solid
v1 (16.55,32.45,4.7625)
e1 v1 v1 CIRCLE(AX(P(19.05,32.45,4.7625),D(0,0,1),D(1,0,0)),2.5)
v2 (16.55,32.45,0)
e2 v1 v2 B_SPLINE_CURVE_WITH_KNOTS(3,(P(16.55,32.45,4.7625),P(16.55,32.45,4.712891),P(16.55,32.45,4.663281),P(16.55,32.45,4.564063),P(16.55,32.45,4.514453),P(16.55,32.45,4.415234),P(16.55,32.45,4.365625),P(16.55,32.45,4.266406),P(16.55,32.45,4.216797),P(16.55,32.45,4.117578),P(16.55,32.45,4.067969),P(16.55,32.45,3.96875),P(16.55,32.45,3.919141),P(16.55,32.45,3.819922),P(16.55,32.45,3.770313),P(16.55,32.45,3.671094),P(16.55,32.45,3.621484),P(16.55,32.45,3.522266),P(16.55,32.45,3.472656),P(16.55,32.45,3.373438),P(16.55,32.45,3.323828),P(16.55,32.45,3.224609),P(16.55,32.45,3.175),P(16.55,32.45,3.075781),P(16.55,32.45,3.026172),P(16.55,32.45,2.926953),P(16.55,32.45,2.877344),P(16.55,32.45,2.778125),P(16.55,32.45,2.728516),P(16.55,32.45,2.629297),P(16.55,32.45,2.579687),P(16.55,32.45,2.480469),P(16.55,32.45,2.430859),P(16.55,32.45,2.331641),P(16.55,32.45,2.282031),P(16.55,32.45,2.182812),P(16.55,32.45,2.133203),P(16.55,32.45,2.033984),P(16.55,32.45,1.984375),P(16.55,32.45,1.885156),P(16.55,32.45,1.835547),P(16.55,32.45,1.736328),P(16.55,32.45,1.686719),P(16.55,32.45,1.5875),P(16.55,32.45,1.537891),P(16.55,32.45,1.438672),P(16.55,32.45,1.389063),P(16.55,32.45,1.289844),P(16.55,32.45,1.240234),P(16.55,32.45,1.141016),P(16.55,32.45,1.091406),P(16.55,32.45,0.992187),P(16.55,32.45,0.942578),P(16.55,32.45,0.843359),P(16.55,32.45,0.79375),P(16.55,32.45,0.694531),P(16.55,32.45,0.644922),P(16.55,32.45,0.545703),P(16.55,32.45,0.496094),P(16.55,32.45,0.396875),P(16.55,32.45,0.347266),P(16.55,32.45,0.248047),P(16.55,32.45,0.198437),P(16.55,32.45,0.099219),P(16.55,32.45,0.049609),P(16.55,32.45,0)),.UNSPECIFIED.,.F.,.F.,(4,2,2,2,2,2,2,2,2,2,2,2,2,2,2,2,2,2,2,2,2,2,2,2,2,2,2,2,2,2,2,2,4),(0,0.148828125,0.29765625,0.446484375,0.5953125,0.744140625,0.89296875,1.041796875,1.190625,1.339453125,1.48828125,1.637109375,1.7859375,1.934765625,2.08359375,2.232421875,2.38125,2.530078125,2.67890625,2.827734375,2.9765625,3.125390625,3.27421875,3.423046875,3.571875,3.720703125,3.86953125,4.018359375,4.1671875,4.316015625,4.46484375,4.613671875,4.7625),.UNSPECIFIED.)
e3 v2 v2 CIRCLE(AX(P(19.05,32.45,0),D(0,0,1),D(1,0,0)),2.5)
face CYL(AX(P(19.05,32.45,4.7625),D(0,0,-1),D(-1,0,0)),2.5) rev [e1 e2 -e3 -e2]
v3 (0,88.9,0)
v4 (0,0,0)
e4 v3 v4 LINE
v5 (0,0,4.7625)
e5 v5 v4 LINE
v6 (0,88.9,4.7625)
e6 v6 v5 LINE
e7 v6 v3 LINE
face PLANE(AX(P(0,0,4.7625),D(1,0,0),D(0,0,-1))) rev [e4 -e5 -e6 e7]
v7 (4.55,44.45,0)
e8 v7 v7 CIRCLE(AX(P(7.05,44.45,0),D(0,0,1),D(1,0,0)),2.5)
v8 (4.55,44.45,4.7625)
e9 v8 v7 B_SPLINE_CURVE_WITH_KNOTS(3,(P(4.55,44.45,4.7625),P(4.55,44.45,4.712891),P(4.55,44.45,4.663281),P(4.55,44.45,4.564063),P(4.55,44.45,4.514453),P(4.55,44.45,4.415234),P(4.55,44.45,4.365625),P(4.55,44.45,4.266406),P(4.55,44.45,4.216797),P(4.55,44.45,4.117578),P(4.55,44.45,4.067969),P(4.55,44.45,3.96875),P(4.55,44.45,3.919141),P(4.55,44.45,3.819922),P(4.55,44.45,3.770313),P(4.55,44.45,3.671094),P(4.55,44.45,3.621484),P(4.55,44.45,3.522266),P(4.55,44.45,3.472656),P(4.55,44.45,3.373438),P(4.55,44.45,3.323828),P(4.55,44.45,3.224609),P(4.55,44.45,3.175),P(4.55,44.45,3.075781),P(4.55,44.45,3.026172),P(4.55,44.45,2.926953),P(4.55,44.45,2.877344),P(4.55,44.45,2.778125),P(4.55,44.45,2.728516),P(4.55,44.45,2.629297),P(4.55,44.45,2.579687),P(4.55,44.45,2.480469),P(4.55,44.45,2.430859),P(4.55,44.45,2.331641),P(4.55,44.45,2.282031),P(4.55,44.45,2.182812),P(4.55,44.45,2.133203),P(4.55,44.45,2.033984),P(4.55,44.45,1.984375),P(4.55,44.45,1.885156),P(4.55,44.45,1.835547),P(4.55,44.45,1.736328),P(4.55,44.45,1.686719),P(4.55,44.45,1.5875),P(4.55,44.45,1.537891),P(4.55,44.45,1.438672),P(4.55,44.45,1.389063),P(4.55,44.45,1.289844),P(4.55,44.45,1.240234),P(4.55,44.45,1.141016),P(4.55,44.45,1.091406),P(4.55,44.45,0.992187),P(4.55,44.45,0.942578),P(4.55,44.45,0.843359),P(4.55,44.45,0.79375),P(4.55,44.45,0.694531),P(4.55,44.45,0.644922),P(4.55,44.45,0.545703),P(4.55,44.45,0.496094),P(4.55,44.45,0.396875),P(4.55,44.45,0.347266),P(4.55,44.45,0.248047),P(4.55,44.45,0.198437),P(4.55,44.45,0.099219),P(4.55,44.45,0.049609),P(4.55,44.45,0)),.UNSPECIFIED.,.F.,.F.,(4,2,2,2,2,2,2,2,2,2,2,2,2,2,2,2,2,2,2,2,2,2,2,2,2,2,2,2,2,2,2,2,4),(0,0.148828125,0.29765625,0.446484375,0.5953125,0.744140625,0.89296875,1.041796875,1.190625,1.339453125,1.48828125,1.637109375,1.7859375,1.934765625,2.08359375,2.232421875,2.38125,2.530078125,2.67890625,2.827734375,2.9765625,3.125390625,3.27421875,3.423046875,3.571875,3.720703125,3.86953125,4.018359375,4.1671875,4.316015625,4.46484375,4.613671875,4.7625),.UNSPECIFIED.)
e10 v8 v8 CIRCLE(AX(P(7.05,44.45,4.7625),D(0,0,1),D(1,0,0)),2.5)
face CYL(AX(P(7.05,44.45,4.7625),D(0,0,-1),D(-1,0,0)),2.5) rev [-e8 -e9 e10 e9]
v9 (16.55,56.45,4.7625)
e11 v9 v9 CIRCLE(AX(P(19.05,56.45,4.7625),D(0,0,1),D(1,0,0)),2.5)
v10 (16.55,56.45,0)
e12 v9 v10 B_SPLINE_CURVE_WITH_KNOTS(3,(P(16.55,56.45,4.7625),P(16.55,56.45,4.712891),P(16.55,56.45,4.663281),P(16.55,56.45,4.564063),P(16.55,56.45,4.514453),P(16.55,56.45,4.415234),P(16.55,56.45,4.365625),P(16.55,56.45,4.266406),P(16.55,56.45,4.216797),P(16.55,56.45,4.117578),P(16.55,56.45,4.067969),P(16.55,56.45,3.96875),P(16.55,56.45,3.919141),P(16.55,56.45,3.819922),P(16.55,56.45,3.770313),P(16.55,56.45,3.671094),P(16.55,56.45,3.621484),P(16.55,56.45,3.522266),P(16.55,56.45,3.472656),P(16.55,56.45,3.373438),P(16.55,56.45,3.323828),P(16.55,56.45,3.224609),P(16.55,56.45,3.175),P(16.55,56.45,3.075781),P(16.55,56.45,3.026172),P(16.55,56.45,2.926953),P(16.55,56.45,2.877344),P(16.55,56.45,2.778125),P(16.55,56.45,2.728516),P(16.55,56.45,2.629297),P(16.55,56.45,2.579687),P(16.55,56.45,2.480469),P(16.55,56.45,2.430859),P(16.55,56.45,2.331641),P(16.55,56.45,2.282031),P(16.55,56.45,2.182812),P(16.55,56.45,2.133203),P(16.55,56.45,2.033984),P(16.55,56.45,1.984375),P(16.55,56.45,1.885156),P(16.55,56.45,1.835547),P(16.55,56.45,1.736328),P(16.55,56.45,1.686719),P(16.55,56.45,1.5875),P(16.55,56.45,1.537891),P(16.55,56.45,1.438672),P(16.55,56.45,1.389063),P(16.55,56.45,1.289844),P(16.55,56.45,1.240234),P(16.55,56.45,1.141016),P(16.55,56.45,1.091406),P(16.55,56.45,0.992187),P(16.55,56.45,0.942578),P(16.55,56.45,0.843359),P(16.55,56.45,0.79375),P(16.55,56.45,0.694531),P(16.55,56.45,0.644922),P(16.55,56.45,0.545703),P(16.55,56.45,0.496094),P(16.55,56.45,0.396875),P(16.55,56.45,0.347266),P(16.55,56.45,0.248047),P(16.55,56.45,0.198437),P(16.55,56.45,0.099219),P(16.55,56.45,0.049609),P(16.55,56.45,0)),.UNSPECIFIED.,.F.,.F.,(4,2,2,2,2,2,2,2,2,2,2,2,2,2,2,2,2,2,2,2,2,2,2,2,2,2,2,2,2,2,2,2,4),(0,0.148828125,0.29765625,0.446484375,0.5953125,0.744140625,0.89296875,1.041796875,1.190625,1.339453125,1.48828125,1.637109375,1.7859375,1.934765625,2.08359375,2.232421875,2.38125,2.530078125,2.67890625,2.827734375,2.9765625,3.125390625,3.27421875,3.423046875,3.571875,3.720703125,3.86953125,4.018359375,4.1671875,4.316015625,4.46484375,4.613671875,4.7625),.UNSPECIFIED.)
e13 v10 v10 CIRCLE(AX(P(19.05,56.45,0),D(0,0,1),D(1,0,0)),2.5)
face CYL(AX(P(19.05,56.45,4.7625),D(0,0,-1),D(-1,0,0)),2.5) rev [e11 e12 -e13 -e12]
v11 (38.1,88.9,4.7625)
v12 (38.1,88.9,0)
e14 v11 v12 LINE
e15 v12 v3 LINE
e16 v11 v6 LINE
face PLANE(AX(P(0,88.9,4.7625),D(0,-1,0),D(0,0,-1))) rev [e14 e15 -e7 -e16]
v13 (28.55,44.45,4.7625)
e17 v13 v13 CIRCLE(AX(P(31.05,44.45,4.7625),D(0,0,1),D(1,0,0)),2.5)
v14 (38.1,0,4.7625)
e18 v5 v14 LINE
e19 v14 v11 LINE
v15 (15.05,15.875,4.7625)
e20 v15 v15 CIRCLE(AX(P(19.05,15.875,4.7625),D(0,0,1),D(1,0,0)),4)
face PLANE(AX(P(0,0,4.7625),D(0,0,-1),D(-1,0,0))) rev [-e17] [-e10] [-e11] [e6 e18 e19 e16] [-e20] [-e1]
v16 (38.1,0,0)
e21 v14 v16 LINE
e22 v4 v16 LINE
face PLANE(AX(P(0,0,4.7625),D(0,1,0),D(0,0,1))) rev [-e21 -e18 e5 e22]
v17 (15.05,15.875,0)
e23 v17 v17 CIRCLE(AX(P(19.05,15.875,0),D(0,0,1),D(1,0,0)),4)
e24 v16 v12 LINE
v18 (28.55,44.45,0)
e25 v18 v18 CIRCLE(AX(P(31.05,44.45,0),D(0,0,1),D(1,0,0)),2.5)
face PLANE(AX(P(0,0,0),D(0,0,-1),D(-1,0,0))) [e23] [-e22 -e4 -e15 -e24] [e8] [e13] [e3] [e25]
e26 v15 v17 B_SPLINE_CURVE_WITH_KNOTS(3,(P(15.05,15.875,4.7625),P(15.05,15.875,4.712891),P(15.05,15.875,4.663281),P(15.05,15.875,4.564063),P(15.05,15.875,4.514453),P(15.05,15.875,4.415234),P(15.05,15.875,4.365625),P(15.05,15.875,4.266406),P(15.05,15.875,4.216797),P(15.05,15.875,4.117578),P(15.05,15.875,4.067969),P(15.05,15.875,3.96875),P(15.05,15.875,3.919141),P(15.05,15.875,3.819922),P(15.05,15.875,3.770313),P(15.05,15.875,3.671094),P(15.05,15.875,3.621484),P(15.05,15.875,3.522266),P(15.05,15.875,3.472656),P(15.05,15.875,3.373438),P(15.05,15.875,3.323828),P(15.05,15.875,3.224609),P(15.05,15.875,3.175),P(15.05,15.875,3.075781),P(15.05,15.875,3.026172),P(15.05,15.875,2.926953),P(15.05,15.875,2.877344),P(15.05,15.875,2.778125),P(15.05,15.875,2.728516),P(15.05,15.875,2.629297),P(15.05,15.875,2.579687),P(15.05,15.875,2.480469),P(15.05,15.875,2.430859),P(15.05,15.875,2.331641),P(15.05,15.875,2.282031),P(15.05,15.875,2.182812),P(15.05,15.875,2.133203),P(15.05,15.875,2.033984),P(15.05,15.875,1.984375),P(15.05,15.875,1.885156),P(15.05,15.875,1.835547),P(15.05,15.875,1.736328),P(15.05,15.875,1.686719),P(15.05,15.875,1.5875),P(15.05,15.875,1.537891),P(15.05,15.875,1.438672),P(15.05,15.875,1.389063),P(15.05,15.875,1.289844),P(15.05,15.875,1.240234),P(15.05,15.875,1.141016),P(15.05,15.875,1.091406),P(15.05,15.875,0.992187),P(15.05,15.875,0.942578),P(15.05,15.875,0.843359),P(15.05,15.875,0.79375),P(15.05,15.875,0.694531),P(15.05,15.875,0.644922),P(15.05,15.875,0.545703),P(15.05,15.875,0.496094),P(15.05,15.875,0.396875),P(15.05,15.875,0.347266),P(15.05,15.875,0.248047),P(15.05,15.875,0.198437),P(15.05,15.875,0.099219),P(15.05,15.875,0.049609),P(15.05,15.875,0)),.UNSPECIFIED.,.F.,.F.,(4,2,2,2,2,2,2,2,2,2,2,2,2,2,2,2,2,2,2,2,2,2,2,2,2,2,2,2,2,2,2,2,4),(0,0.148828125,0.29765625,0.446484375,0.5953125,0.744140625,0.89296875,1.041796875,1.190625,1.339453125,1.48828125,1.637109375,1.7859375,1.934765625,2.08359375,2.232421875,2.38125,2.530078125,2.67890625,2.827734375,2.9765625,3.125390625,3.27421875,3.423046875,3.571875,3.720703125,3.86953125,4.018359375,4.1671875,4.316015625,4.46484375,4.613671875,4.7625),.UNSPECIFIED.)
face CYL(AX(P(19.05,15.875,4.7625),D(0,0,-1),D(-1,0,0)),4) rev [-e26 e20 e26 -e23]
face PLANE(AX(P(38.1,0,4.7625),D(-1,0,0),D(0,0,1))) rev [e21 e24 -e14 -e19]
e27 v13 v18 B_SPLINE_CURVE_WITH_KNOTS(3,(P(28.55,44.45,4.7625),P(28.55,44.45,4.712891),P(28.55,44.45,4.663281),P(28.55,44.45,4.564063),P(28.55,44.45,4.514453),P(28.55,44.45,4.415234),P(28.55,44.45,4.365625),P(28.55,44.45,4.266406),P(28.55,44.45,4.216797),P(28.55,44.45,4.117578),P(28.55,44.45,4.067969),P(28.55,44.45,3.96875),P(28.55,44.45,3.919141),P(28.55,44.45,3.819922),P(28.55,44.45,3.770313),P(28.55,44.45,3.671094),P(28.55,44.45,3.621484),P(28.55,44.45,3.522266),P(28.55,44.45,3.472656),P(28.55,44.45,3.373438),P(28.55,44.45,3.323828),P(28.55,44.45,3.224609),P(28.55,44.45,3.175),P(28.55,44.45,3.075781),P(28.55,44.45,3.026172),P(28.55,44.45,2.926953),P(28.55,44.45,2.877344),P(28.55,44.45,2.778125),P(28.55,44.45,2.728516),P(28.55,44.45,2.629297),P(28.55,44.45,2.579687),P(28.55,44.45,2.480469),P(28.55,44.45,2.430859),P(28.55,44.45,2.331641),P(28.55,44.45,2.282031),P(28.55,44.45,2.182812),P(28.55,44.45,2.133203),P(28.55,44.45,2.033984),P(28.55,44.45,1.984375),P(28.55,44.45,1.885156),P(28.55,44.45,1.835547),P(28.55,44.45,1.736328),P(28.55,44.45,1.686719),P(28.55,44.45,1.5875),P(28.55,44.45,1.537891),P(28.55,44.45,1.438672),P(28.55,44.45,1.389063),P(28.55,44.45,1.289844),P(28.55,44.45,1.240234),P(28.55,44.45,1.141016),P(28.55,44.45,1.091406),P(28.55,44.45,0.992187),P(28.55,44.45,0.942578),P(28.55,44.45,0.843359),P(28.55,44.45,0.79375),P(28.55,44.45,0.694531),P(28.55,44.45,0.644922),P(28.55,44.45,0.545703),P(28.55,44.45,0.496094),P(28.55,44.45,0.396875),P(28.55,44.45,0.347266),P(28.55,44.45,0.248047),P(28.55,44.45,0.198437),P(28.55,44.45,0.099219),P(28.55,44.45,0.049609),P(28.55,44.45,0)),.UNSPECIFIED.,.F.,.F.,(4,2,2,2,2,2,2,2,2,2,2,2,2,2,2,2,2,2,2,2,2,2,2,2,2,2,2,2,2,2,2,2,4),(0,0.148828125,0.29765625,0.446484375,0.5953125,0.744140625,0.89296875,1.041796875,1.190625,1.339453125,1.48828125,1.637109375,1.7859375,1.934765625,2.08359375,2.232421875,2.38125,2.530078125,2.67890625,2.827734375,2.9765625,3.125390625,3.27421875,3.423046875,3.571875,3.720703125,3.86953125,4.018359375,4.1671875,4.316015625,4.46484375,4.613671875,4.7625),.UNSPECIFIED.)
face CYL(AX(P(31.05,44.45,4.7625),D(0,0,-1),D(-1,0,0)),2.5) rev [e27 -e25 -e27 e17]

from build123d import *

# Parameters (mm, degrees)
SKETCH1_W           = 38.1
SKETCH1_H           = 88.9
SKETCH1_R           = 2.5
SKETCH1_R_2         = 4
BOSS_EXTRUDE1_DEPTH = 4.7625


with BuildPart() as part:
    # Sketch1 → Boss-Extrude1 (new body)
    with BuildSketch(Plane.XY):
        with Locations((19.05, 44.45)):
            Rectangle(SKETCH1_W, SKETCH1_H)
        with Locations(Location((19.05, 56.45, 0), (0, 0, 180))):
            Circle(SKETCH1_R, mode=Mode.SUBTRACT)
        with Locations(Location((31.05, 44.45, 0), (0, 0, 180))):
            Circle(SKETCH1_R, mode=Mode.SUBTRACT)
        with Locations(Location((19.05, 32.45, 0), (0, 0, 180))):
            Circle(SKETCH1_R, mode=Mode.SUBTRACT)
        with Locations(Location((7.05, 44.45, 0), (0, 0, 180))):
            Circle(SKETCH1_R, mode=Mode.SUBTRACT)
        with Locations(Location((19.05, 15.875, 0), (0, 0, 180))):
            Circle(SKETCH1_R_2, mode=Mode.SUBTRACT)
    extrude(amount=BOSS_EXTRUDE1_DEPTH)


solid = part.part
